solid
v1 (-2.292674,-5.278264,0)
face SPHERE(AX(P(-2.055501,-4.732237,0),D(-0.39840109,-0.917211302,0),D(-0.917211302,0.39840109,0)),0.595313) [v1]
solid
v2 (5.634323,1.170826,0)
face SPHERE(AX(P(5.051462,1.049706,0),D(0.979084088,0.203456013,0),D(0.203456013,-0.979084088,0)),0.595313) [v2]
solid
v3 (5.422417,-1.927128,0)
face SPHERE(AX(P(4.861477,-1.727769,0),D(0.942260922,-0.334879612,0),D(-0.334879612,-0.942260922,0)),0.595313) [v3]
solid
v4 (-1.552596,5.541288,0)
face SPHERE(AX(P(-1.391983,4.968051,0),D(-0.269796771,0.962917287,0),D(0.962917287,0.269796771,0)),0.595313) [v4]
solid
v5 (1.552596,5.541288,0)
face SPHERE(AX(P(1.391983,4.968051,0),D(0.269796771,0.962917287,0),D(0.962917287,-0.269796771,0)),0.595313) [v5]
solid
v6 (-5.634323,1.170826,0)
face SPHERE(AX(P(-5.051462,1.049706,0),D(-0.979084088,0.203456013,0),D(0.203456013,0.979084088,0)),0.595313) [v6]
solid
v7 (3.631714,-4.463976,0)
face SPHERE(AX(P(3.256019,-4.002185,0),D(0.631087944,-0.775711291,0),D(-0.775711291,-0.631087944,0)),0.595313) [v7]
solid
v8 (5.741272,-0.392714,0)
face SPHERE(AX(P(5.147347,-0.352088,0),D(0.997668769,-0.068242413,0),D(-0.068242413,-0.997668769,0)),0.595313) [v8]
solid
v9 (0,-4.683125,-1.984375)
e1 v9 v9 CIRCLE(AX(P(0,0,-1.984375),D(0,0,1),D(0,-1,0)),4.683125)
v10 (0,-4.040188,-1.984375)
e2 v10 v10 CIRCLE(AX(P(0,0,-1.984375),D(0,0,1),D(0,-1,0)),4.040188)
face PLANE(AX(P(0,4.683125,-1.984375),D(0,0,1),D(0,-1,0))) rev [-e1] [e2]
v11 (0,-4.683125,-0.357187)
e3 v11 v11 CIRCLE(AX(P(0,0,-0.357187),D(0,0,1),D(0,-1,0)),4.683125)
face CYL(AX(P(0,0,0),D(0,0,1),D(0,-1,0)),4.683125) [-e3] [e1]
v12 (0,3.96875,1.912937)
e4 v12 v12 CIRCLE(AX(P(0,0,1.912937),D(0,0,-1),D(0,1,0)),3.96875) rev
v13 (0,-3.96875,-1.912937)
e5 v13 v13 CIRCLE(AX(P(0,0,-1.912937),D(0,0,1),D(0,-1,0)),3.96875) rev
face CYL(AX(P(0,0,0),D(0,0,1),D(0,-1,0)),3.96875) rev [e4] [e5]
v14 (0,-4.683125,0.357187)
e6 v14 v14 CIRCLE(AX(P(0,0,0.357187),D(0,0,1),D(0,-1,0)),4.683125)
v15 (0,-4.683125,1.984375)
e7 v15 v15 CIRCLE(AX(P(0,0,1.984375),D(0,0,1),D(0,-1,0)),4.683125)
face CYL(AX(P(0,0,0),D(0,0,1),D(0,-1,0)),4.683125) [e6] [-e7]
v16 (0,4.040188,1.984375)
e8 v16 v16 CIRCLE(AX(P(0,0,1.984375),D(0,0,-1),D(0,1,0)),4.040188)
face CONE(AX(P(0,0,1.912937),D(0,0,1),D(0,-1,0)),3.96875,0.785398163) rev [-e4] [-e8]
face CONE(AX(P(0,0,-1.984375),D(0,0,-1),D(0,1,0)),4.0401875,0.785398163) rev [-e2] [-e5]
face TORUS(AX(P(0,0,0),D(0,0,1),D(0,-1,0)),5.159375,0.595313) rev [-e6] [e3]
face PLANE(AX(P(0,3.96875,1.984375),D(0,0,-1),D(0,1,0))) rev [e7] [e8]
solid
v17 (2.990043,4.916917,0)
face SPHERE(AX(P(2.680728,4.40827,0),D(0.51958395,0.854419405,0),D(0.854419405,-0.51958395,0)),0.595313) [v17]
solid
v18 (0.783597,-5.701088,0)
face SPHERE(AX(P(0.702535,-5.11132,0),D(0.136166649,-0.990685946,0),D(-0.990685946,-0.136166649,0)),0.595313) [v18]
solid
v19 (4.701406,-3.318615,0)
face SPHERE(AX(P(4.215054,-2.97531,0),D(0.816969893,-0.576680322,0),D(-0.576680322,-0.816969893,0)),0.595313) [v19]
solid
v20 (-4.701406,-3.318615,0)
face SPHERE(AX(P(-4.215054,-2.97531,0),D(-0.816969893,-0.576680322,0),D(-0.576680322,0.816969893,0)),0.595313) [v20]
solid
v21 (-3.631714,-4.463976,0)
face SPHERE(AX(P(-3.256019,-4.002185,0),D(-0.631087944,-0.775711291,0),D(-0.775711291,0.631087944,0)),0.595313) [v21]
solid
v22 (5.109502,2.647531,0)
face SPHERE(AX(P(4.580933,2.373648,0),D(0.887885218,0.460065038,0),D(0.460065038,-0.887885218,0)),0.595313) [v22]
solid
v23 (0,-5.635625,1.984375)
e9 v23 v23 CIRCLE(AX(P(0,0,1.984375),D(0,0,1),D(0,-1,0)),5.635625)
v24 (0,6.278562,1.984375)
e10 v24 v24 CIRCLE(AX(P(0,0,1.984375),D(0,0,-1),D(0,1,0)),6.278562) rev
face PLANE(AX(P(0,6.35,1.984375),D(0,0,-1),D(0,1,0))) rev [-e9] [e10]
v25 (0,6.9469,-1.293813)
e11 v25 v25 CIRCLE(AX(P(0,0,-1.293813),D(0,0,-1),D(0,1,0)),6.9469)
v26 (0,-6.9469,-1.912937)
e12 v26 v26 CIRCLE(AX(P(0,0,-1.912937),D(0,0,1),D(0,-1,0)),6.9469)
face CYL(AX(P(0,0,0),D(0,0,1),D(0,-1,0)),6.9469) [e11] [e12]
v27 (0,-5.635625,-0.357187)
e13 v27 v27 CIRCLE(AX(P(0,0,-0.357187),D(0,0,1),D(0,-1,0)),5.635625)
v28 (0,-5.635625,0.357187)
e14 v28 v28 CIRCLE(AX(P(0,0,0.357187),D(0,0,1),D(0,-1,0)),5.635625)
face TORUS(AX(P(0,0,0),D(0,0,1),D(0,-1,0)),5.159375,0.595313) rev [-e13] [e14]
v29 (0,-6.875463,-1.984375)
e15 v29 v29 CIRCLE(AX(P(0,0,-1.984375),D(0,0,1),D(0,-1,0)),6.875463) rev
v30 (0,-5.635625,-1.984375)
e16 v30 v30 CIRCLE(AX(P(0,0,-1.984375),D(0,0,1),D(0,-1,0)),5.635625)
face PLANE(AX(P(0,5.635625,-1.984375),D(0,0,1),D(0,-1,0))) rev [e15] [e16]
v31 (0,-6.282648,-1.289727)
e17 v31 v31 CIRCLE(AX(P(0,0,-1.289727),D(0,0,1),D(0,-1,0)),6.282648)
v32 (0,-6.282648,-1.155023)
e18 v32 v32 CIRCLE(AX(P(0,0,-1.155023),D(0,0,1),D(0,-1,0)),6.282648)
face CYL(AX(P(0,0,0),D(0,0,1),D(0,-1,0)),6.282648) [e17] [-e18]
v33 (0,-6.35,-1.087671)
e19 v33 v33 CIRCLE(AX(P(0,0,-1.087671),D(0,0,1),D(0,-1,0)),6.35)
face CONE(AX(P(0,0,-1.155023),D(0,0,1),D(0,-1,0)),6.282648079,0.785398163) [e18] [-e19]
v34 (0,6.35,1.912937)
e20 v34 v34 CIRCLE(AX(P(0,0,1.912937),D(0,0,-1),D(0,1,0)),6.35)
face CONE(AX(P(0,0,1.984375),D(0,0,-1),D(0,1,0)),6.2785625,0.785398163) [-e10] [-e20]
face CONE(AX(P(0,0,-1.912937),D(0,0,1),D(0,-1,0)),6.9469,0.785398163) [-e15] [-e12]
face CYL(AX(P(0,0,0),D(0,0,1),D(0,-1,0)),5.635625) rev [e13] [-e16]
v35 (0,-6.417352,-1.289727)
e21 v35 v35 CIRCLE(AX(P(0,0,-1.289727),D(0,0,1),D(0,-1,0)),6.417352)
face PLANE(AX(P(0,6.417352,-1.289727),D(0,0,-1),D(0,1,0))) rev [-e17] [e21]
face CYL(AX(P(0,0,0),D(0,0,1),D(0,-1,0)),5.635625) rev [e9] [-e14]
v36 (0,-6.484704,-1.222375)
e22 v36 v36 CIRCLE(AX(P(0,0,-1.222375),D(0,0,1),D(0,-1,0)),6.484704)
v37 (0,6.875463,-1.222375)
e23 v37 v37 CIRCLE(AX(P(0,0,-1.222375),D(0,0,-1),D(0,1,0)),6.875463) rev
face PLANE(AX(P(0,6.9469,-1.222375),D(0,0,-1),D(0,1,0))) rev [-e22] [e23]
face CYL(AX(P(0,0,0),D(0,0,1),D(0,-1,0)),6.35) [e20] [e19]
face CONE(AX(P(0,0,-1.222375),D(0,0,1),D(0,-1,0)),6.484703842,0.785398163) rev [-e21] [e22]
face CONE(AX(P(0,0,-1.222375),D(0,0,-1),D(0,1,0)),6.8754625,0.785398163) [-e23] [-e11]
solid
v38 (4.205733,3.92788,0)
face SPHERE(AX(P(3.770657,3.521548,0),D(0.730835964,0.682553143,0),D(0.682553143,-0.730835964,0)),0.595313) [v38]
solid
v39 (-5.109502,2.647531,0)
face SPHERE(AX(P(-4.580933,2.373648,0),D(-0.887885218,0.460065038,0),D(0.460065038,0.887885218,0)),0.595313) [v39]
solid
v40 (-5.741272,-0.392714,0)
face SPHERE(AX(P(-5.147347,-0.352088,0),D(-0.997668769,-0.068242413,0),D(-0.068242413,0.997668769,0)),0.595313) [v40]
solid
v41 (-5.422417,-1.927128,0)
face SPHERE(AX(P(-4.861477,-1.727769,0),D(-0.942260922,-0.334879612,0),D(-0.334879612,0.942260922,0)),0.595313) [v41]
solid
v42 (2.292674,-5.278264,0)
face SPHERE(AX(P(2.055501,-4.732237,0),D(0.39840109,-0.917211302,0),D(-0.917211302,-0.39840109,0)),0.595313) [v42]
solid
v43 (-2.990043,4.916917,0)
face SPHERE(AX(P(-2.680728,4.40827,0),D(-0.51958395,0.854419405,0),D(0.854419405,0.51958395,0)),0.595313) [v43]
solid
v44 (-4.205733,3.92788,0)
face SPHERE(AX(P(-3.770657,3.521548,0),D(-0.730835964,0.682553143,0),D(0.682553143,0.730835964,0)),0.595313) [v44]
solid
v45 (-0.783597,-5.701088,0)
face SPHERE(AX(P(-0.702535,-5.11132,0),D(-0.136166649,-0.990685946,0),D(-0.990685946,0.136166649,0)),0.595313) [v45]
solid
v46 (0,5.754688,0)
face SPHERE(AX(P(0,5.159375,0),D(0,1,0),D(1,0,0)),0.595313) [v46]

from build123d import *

# Parameters (mm, degrees)
FILLET1_SIZE      = 0.0714375
FILLET2_SIZE      = 0.0714375
CIRPATTERN3_COUNT = 23


with BuildPart() as part:
    # Sketch2 → Revolve1 (revolve)
    with BuildSketch(Plane(origin=(0, 0, 0), x_dir=(0, 0, -1), z_dir=(1, 0, 0)), mode=Mode.PRIVATE) as revolve1_sk:
        with BuildLine():
            Line((1.984375, 6.9469), (1.222375, 6.9469))
            Line((1.222375, 6.9469), (1.222375, 6.484703842))
            Line((1.222375, 6.484703842), (1.289726921, 6.417351921))
            Line((1.289726921, 6.417351921), (1.289726921, 6.282648079))
            Line((1.289726921, 6.282648079), (1.155023079, 6.282648079))
            Line((1.155023079, 6.282648079), (1.087671158, 6.35))
            Line((1.087671158, 6.35), (-1.984375, 6.35))
            Line((-1.984375, 6.35), (-1.984375, 5.635625))
            Line((-1.984375, 5.635625), (-0.3571875, 5.635625))
            ThreePointArc((-0.3571875, 5.635625), (0, 5.7546875), (0.3571875, 5.635625))
            Line((0.3571875, 5.635625), (1.984375, 5.635625))
            Line((1.984375, 5.635625), (1.984375, 6.9469))
        make_face()
        with BuildLine():
            Line((1.984375, 3.96875), (-1.984375, 3.96875))
            Line((-1.984375, 3.96875), (-1.984375, 4.683125))
            Line((-1.984375, 4.683125), (-0.3571875, 4.683125))
            ThreePointArc((-0.3571875, 4.683125), (0, 4.5640625), (0.3571875, 4.683125))
            Line((0.3571875, 4.683125), (1.984375, 4.683125))
            Line((1.984375, 4.683125), (1.984375, 3.96875))
        make_face()
    revolve(revolve1_sk.sketch.rotate(Axis((0, 0, 0), (0, 0, -1)), 180), axis=Axis((0, 0, 0), (0, 0, -1)))

    # Fillet1
    fillet1_edges = [part.edges().sort_by_distance(p)[0] for p in [
        (0, 6.35, 1.984375),
        (0, 6.9469, -1.984375),
        (0, 6.9469, -1.222375),
    ]]
    chamfer(fillet1_edges, length=FILLET1_SIZE)

    # Fillet2
    fillet2_edges = [part.edges().sort_by_distance(p)[0] for p in [
        (0, 3.96875, -1.984375),
        (0, 3.96875, 1.984375),
    ]]
    chamfer(fillet2_edges, length=FILLET2_SIZE)


with BuildPart() as body_2:
    # Sketch7 → Revolve3 (revolve)
    with BuildSketch(Plane.XY):
        with BuildLine():
            Line((0, 5.7546875), (0, 4.5640625))
            ThreePointArc((0, 4.5640625), (-0.5953125, 5.159375), (0, 5.7546875))
        make_face()
    revolve(axis=Axis((0, 5.7546875, 0), (0, -1, 0)))


with BuildPart() as cirpattern3_1:
    # CirPattern3: pattern copy
    add(body_2.part.rotate(Axis((0, 0, 0), (0, 0, 1)), 1 * 360 / CIRPATTERN3_COUNT))


with BuildPart() as cirpattern3_2:
    # CirPattern3: pattern copy
    add(body_2.part.rotate(Axis((0, 0, 0), (0, 0, 1)), 2 * 360 / CIRPATTERN3_COUNT))


with BuildPart() as cirpattern3_3:
    # CirPattern3: pattern copy
    add(body_2.part.rotate(Axis((0, 0, 0), (0, 0, 1)), 3 * 360 / CIRPATTERN3_COUNT))


with BuildPart() as cirpattern3_4:
    # CirPattern3: pattern copy
    add(body_2.part.rotate(Axis((0, 0, 0), (0, 0, 1)), 4 * 360 / CIRPATTERN3_COUNT))


with BuildPart() as cirpattern3_5:
    # CirPattern3: pattern copy
    add(body_2.part.rotate(Axis((0, 0, 0), (0, 0, 1)), 5 * 360 / CIRPATTERN3_COUNT))


with BuildPart() as cirpattern3_6:
    # CirPattern3: pattern copy
    add(body_2.part.rotate(Axis((0, 0, 0), (0, 0, 1)), 6 * 360 / CIRPATTERN3_COUNT))


with BuildPart() as cirpattern3_7:
    # CirPattern3: pattern copy
    add(body_2.part.rotate(Axis((0, 0, 0), (0, 0, 1)), 7 * 360 / CIRPATTERN3_COUNT))


with BuildPart() as cirpattern3_8:
    # CirPattern3: pattern copy
    add(body_2.part.rotate(Axis((0, 0, 0), (0, 0, 1)), 8 * 360 / CIRPATTERN3_COUNT))


with BuildPart() as cirpattern3_9:
    # CirPattern3: pattern copy
    add(body_2.part.rotate(Axis((0, 0, 0), (0, 0, 1)), 9 * 360 / CIRPATTERN3_COUNT))


with BuildPart() as cirpattern3_10:
    # CirPattern3: pattern copy
    add(body_2.part.rotate(Axis((0, 0, 0), (0, 0, 1)), 10 * 360 / CIRPATTERN3_COUNT))


with BuildPart() as cirpattern3_11:
    # CirPattern3: pattern copy
    add(body_2.part.rotate(Axis((0, 0, 0), (0, 0, 1)), 11 * 360 / CIRPATTERN3_COUNT))


with BuildPart() as cirpattern3_12:
    # CirPattern3: pattern copy
    add(body_2.part.rotate(Axis((0, 0, 0), (0, 0, 1)), 12 * 360 / CIRPATTERN3_COUNT))


with BuildPart() as cirpattern3_13:
    # CirPattern3: pattern copy
    add(body_2.part.rotate(Axis((0, 0, 0), (0, 0, 1)), 13 * 360 / CIRPATTERN3_COUNT))


with BuildPart() as cirpattern3_14:
    # CirPattern3: pattern copy
    add(body_2.part.rotate(Axis((0, 0, 0), (0, 0, 1)), 14 * 360 / CIRPATTERN3_COUNT))


with BuildPart() as cirpattern3_15:
    # CirPattern3: pattern copy
    add(body_2.part.rotate(Axis((0, 0, 0), (0, 0, 1)), 15 * 360 / CIRPATTERN3_COUNT))


with BuildPart() as cirpattern3_16:
    # CirPattern3: pattern copy
    add(body_2.part.rotate(Axis((0, 0, 0), (0, 0, 1)), 16 * 360 / CIRPATTERN3_COUNT))


with BuildPart() as cirpattern3_17:
    # CirPattern3: pattern copy
    add(body_2.part.rotate(Axis((0, 0, 0), (0, 0, 1)), 17 * 360 / CIRPATTERN3_COUNT))


with BuildPart() as cirpattern3_18:
    # CirPattern3: pattern copy
    add(body_2.part.rotate(Axis((0, 0, 0), (0, 0, 1)), 18 * 360 / CIRPATTERN3_COUNT))


with BuildPart() as cirpattern3_19:
    # CirPattern3: pattern copy
    add(body_2.part.rotate(Axis((0, 0, 0), (0, 0, 1)), 19 * 360 / CIRPATTERN3_COUNT))


with BuildPart() as cirpattern3_20:
    # CirPattern3: pattern copy
    add(body_2.part.rotate(Axis((0, 0, 0), (0, 0, 1)), 20 * 360 / CIRPATTERN3_COUNT))


with BuildPart() as cirpattern3_21:
    # CirPattern3: pattern copy
    add(body_2.part.rotate(Axis((0, 0, 0), (0, 0, 1)), 21 * 360 / CIRPATTERN3_COUNT))


with BuildPart() as cirpattern3_22:
    # CirPattern3: pattern copy
    add(body_2.part.rotate(Axis((0, 0, 0), (0, 0, 1)), 22 * 360 / CIRPATTERN3_COUNT))


solid = Compound([part.part, body_2.part, cirpattern3_1.part, cirpattern3_2.part, cirpattern3_3.part, cirpattern3_4.part, cirpattern3_5.part, cirpattern3_6.part, cirpattern3_7.part, cirpattern3_8.part, cirpattern3_9.part, cirpattern3_10.part, cirpattern3_11.part, cirpattern3_12.part, cirpattern3_13.part, cirpattern3_14.part, cirpattern3_15.part, cirpattern3_16.part, cirpattern3_17.part, cirpattern3_18.part, cirpattern3_19.part, cirpattern3_20.part, cirpattern3_21.part, cirpattern3_22.part])
